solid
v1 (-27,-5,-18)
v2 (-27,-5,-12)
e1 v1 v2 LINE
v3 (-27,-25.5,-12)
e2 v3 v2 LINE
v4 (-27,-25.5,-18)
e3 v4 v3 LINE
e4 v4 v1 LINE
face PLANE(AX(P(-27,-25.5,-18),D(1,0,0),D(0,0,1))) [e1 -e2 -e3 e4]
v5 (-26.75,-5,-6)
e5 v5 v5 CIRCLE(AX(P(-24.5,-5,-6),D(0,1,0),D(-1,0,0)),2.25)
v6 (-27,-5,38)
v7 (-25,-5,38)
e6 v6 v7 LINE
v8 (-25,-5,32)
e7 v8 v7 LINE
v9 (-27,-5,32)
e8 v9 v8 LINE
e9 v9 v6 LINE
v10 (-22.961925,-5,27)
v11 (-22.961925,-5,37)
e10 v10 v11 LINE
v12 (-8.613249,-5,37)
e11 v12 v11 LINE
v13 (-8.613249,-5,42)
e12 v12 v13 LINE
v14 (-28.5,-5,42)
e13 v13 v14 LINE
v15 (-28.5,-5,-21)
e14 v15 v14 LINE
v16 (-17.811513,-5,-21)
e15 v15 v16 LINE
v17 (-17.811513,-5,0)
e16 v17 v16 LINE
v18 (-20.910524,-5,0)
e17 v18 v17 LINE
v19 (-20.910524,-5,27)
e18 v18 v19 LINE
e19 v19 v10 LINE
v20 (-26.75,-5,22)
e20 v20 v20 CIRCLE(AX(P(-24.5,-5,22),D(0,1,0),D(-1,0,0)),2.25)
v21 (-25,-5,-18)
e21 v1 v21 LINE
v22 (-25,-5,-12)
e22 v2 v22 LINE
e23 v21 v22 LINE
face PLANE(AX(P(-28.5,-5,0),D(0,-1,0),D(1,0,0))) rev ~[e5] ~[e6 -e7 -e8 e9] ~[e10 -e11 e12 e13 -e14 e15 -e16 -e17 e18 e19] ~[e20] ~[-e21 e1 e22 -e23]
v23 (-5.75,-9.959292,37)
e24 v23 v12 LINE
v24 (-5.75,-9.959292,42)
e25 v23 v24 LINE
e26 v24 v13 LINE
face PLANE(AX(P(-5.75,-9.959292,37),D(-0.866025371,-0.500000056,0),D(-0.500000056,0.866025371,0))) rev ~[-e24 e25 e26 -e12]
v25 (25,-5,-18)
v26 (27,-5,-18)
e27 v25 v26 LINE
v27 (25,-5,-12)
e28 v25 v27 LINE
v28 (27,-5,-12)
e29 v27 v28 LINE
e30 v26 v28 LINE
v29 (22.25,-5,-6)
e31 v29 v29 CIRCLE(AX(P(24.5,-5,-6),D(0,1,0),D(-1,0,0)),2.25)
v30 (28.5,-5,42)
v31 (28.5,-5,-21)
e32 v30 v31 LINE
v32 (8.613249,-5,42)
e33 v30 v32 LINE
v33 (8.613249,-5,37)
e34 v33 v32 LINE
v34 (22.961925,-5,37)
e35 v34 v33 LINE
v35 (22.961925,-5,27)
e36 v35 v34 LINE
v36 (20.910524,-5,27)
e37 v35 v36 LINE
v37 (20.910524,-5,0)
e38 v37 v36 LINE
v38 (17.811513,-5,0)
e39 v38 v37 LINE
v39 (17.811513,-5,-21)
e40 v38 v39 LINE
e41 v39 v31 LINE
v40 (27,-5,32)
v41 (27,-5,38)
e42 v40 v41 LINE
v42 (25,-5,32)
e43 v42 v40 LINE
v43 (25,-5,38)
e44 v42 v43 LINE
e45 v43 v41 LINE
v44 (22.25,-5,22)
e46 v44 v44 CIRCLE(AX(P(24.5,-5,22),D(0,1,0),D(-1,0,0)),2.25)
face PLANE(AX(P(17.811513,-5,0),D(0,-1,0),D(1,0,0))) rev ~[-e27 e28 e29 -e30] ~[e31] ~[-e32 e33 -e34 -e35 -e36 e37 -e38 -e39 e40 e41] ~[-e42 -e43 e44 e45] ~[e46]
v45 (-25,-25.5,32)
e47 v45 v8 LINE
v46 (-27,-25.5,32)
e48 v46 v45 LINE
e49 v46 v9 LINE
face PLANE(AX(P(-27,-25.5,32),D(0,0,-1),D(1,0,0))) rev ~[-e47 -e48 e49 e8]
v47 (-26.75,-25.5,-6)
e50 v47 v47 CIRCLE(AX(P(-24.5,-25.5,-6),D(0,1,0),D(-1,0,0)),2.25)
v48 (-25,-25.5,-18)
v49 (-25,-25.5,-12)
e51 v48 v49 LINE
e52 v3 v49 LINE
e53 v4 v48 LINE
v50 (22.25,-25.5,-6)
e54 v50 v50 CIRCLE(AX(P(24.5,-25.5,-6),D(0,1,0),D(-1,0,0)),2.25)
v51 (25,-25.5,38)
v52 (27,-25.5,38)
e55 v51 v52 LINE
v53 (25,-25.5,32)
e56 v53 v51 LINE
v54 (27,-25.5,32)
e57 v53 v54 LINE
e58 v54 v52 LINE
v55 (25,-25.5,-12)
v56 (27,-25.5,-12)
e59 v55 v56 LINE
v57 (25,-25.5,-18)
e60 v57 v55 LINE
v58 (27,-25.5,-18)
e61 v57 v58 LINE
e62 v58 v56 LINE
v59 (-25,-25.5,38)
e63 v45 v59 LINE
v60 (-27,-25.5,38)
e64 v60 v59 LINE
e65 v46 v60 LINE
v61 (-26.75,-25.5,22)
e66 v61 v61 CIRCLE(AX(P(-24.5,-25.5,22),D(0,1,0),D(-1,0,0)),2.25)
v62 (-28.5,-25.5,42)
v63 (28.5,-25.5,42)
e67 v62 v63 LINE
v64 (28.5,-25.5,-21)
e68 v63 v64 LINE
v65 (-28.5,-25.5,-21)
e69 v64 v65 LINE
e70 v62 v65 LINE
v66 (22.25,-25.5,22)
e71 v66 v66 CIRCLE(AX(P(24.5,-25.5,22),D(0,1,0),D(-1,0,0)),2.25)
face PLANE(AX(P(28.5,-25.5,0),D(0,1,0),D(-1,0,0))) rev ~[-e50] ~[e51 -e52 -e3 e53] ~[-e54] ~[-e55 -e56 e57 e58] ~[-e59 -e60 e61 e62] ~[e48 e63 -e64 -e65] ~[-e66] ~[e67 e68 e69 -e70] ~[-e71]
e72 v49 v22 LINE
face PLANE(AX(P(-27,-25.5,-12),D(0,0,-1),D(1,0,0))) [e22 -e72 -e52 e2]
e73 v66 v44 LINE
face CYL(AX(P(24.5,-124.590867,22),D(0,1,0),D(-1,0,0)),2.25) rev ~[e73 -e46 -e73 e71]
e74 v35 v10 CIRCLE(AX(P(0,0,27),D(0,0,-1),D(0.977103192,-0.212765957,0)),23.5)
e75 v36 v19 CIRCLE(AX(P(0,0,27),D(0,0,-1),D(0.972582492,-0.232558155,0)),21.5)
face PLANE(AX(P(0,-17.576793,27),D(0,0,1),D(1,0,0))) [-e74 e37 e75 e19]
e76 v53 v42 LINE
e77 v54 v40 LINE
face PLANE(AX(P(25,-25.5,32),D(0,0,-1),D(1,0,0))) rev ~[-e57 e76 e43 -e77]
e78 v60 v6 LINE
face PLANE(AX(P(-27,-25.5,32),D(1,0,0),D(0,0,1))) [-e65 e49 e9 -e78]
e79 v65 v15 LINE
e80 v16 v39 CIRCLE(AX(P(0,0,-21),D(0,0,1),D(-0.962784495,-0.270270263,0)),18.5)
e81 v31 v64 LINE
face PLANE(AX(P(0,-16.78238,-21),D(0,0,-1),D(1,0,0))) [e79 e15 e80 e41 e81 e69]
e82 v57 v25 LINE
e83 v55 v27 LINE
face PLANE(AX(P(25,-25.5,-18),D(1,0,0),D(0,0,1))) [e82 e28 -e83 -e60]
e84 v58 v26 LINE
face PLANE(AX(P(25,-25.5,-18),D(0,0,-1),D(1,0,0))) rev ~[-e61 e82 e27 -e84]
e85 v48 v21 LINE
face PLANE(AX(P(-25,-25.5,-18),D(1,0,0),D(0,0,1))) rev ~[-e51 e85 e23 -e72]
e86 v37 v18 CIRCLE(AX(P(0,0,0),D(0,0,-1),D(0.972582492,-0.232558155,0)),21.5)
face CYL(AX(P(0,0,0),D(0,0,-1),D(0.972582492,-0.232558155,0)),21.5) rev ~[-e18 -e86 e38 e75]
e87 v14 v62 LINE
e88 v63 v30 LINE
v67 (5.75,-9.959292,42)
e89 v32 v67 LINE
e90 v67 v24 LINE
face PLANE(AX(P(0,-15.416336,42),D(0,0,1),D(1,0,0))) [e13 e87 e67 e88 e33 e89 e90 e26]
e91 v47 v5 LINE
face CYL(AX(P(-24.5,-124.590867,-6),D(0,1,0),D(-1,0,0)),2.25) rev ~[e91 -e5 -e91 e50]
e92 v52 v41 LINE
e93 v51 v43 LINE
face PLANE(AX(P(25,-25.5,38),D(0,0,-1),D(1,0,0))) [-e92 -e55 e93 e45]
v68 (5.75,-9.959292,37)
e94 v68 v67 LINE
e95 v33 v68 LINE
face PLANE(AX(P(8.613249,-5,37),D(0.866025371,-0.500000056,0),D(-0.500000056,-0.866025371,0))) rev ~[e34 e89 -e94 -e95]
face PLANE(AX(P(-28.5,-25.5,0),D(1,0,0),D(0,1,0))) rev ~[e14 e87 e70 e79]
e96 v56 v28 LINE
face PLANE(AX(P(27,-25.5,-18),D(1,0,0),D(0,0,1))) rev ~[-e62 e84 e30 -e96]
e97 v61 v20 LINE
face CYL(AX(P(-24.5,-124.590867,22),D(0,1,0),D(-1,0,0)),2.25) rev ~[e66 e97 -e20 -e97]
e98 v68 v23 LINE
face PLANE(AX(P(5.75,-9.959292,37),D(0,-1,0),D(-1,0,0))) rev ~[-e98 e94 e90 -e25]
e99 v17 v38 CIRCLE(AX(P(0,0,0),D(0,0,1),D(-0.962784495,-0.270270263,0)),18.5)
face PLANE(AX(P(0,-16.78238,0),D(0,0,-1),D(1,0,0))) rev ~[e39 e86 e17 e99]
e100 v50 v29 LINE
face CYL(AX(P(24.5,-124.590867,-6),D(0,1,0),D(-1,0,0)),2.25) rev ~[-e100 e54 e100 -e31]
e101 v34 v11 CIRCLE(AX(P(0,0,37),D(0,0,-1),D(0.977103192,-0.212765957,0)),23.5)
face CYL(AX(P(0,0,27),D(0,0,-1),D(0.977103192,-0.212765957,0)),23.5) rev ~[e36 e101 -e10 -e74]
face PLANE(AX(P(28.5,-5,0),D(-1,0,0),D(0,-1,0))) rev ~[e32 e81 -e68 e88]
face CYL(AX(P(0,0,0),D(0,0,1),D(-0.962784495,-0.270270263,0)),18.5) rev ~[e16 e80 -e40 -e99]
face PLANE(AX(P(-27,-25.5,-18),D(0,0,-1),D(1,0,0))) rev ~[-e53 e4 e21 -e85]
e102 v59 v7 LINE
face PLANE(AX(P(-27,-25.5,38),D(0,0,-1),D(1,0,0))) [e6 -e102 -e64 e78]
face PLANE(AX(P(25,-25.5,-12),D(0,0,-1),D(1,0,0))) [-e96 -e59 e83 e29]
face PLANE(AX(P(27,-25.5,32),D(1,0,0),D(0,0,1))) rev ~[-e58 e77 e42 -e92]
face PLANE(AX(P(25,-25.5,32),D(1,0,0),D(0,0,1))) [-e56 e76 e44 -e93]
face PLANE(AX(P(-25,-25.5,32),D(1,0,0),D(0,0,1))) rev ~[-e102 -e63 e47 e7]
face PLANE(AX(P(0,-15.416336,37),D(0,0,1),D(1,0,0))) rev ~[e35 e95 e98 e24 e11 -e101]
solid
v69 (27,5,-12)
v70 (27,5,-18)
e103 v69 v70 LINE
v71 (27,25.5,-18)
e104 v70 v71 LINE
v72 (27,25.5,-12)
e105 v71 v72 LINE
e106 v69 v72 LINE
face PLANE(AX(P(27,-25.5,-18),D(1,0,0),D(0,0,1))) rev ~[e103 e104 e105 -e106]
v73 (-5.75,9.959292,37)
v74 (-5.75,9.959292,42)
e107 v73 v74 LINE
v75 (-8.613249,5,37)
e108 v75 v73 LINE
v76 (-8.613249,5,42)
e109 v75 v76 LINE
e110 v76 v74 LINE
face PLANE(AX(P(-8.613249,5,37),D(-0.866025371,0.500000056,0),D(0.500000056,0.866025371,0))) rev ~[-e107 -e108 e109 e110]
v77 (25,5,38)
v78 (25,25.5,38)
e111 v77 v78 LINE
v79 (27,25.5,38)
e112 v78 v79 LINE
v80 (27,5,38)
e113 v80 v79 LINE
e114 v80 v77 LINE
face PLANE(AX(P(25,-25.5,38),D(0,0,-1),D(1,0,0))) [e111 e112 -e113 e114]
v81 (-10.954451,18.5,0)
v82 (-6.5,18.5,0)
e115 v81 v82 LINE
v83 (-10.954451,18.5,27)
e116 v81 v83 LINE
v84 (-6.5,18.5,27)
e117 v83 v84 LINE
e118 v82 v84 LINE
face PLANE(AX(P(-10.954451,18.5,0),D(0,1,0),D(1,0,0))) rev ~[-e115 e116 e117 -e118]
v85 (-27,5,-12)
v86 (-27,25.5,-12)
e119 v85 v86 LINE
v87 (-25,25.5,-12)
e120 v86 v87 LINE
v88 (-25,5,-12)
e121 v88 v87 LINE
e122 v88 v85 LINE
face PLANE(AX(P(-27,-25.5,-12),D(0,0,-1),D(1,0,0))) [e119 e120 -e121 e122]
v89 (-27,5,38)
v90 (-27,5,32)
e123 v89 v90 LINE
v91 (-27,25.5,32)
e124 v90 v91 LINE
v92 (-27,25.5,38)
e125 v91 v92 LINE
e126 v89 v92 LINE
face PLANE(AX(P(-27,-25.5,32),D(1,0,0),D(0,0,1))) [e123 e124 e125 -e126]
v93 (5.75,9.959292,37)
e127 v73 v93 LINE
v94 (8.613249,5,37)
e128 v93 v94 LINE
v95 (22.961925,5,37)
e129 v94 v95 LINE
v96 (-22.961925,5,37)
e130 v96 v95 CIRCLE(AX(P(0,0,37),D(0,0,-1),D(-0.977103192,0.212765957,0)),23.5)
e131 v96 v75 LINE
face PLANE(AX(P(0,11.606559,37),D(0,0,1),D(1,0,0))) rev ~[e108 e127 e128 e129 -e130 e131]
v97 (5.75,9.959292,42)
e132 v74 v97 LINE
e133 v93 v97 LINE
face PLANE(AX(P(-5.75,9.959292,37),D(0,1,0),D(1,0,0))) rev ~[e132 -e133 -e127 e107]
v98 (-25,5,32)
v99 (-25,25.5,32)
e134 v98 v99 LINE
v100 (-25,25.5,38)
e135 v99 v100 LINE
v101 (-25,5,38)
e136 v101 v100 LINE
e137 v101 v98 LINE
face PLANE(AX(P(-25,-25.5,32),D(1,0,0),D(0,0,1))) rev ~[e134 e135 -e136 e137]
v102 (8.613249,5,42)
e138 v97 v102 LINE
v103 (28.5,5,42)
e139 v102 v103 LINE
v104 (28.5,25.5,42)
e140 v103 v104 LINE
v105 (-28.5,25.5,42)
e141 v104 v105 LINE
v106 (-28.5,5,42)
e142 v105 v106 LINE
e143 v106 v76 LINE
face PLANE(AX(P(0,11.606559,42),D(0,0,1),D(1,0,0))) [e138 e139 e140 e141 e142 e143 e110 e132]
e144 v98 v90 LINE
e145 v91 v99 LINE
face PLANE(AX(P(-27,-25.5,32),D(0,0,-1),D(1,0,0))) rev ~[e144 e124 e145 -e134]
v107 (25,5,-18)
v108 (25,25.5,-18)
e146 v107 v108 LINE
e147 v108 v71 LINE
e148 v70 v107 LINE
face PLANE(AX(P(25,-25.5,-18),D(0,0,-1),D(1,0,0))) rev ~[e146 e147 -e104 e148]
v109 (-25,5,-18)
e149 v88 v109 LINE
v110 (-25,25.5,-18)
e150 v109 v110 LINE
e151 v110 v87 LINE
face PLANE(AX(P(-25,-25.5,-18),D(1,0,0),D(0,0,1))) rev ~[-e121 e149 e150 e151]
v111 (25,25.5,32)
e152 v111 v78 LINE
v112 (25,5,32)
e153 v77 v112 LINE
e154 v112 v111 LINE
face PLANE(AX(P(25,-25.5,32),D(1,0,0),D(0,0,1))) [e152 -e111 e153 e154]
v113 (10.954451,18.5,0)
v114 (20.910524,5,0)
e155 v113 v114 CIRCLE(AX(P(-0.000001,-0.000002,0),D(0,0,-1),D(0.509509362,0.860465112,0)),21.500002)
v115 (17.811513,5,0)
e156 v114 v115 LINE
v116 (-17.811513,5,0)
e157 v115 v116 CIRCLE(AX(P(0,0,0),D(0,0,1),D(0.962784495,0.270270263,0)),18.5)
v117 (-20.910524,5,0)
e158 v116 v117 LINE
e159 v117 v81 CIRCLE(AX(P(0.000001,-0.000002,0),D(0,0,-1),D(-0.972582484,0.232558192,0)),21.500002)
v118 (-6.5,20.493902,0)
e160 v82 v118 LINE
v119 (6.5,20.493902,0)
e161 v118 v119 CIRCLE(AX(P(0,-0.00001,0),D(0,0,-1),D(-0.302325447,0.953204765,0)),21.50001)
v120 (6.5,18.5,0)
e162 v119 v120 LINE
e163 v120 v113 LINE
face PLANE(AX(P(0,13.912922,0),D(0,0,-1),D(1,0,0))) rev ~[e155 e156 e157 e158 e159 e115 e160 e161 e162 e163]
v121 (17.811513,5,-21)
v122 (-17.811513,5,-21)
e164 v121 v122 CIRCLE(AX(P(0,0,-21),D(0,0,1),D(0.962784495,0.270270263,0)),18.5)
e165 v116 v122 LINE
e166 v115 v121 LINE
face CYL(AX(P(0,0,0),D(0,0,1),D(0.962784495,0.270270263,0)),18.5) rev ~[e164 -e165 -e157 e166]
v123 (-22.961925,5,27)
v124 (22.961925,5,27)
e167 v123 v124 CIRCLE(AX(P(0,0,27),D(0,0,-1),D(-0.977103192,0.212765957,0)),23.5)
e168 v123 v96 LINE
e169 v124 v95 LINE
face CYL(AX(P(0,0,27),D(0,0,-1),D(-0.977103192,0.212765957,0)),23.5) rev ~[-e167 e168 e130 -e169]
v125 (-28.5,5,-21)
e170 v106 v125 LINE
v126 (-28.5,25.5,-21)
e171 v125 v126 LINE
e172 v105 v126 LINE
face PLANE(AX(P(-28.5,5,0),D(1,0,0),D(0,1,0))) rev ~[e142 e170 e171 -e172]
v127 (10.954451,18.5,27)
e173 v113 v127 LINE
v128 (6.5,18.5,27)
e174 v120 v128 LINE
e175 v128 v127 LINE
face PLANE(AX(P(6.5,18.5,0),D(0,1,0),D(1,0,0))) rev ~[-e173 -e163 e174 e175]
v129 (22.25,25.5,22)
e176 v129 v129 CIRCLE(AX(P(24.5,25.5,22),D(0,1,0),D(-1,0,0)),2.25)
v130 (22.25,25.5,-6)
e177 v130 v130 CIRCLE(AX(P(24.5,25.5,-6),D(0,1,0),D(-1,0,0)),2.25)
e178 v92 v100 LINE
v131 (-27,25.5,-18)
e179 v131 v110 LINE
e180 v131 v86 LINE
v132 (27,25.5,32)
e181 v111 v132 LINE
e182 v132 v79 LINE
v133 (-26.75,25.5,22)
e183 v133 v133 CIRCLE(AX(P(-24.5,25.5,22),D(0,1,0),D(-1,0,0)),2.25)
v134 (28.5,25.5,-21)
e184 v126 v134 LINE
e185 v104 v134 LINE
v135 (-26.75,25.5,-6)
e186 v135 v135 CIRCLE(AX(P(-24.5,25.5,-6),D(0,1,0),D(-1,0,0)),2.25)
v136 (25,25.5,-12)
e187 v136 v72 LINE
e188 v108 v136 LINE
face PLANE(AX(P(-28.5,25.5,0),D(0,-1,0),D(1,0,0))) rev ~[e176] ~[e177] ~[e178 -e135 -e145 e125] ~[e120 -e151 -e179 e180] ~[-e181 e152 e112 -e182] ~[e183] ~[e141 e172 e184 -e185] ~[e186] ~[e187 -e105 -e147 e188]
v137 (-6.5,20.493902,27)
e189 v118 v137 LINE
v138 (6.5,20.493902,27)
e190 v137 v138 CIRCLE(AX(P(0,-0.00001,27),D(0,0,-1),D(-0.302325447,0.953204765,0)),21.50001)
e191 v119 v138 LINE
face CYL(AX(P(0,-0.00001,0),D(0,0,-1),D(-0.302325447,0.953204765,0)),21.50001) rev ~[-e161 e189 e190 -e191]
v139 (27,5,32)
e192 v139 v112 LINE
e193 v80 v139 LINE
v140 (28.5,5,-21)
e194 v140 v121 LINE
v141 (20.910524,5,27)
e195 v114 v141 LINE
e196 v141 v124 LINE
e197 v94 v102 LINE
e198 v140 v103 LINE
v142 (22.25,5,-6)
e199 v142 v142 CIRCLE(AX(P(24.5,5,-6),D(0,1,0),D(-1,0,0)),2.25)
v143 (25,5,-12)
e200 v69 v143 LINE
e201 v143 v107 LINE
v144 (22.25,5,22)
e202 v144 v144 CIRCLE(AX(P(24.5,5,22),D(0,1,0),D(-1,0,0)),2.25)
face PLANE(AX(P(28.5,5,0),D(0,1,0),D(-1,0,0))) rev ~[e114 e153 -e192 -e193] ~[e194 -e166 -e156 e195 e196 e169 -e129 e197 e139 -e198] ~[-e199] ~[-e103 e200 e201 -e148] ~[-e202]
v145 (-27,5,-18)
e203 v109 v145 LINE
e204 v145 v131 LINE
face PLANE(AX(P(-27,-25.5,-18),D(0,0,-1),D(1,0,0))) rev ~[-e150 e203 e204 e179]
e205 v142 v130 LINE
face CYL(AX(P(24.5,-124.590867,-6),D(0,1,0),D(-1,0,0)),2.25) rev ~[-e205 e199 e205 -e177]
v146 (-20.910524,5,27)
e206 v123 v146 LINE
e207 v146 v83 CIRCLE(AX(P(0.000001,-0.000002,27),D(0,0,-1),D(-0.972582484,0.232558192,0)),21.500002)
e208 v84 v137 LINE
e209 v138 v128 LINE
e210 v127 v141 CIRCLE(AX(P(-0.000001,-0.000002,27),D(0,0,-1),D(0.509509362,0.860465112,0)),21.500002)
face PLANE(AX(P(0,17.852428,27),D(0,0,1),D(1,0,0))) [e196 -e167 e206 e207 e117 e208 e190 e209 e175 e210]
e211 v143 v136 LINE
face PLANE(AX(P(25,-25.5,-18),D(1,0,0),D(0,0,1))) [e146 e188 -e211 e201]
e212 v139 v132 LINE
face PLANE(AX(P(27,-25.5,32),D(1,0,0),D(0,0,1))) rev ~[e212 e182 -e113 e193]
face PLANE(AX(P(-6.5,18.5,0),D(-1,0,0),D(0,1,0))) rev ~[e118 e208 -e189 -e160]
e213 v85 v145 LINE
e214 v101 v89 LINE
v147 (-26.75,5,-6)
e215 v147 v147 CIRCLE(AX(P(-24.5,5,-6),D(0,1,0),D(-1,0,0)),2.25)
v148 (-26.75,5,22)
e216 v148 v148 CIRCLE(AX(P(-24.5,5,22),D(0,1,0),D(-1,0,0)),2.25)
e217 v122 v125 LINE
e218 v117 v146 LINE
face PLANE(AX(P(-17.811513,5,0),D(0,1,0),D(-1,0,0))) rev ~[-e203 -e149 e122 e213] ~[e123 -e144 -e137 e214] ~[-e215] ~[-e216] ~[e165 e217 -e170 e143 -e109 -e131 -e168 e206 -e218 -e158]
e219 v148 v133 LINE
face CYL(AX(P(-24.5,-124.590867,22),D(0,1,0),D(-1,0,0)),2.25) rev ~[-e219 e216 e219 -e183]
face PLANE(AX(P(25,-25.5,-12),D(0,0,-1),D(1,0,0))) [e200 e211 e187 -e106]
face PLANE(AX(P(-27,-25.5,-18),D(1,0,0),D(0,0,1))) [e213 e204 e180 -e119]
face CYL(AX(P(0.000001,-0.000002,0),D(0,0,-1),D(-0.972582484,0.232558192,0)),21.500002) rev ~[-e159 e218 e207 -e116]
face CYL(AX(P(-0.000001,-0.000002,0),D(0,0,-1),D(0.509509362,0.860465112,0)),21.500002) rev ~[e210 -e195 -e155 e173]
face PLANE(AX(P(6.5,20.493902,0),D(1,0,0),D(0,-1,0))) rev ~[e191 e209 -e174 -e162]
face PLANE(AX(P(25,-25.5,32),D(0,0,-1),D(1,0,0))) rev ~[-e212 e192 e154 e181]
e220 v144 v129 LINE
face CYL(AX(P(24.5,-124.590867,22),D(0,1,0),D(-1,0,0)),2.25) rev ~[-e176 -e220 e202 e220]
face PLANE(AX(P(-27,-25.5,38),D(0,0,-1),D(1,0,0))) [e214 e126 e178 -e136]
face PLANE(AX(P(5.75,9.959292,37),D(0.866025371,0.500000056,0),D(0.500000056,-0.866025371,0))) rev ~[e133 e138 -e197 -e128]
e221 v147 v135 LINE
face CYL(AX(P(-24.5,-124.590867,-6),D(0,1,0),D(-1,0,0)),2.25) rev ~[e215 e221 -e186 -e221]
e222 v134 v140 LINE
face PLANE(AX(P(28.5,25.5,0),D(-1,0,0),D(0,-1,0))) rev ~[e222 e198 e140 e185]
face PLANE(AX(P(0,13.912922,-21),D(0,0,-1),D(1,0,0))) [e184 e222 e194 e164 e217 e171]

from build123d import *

# Parameters (mm, degrees)
F1_DEPTH  = 27
F3_DEPTH  = 10
F4_DEPTH  = 10
F6_DEPTH  = 5
F7_DEPTH  = 5
F9_DEPTH  = 21
F10_DEPTH = 21
F12_D     = 4.5
F11_W     = 2
F11_H     = 6
F13_DEPTH = 51.001


with BuildPart() as f1:
    # F0 (on Top) → F1 (new body)
    with BuildSketch(Plane.XY):
        with BuildLine():
            Line((6.5, 20.493902), (6.5, 18.5))
            Line((6.5, 18.5), (10.954451, 18.5))
            ThreePointArc((10.954451, 18.5), (17.303371, 12.761009), (20.910524, 5))
            Line((20.910524, 5), (28.5, 5))
            Line((28.5, 5), (28.5, 25.5))
            Line((28.5, 25.5), (-28.5, 25.5))
            Line((-28.5, 25.5), (-28.5, 5))
            Line((-28.5, 5), (-20.910524, 5))
            ThreePointArc((-20.910524, 5), (-17.303371, 12.761009), (-10.954451, 18.5))
            Line((-10.954451, 18.5), (-6.5, 18.5))
            Line((-6.5, 18.5), (-6.5, 20.493902))
            ThreePointArc((-6.5, 20.493902), (0, 21.5), (6.5, 20.493902))
        make_face()
        with BuildLine():
            Line((-28.5, -5), (-28.5, -25.5))
            Line((-28.5, -25.5), (28.5, -25.5))
            Line((28.5, -25.5), (28.5, -5))
            Line((28.5, -5), (20.910524, -5))
            ThreePointArc((20.910524, -5), (0, -21.5), (-20.910524, -5))
            Line((-20.910524, -5), (-28.5, -5))
        make_face()
    extrude(amount=F1_DEPTH)

    # F2 (on face) → F3 (join)
    with BuildSketch(Plane.XY.offset(27)):
        with BuildLine():
            Line((28.5, 5), (28.5, 25.5))
            Line((28.5, 25.5), (-28.5, 25.5))
            Line((-28.5, 25.5), (-28.5, 5))
            Line((-28.5, 5), (-22.961925, 5))
            ThreePointArc((-22.961925, 5), (0, 23.5), (22.961925, 5))
            Line((22.961925, 5), (28.5, 5))
        make_face()
    extrude(amount=F3_DEPTH)

    # F2 (on face) → F4 (join)
    with BuildSketch(Plane.XY.offset(27)):
        with BuildLine():
            Line((-22.961925, -5), (-28.5, -5))
            Line((-28.5, -5), (-28.5, -25.5))
            Line((-28.5, -25.5), (28.5, -25.5))
            Line((28.5, -25.5), (28.5, -5))
            Line((28.5, -5), (22.961925, -5))
            ThreePointArc((22.961925, -5), (0, -23.5), (-22.961925, -5))
        make_face()
    extrude(amount=F4_DEPTH)

    # F5 (on face) → F6 (join)
    with BuildSketch(Plane.XY.offset(37)):
        with BuildLine():
            ThreePointArc((22.961925, 5), (0, 23.5), (-22.961925, 5))
            Line((-22.961925, 5), (-8.613249, 5))
            Line((-8.613249, 5), (-5.75, 9.959292))
            Line((-5.75, 9.959292), (5.75, 9.959292))
            Line((5.75, 9.959292), (8.613249, 5))
            Line((8.613249, 5), (22.961925, 5))
        make_face()
        with BuildLine():
            Line((-28.5, 25.5), (-28.5, 5))
            Line((-28.5, 5), (-22.961925, 5))
            ThreePointArc((-22.961925, 5), (0, 23.5), (22.961925, 5))
            Line((22.961925, 5), (28.5, 5))
            Line((28.5, 5), (28.5, 25.5))
            Line((28.5, 25.5), (-28.5, 25.5))
        make_face()
    extrude(amount=F6_DEPTH)

    # F5 (on face) → F7 (join)
    with BuildSketch(Plane.XY.offset(37)):
        Polygon((-8.613249, -5), (-22.961925, -5), (-28.5, -5), (-28.5, -25.5), (28.5, -25.5), (28.5, -5), (22.961925, -5), (8.613249, -5), (5.75, -9.959292), (-5.75, -9.959292), align=None)
    extrude(amount=F7_DEPTH)

    # F8 (on face) → F9 (join)
    with BuildSketch(Plane(origin=(0, 0, 0), x_dir=(1, 0, 0), z_dir=(0, 0, -1))):
        with BuildLine():
            Line((17.811513, 5), (20.910524, 5))
            Line((20.910524, 5), (28.5, 5))
            Line((28.5, 5), (28.5, 25.5))
            Line((28.5, 25.5), (-28.5, 25.5))
            Line((-28.5, 25.5), (-28.5, 5))
            Line((-28.5, 5), (-20.910524, 5))
            Line((-20.910524, 5), (-17.811513, 5))
            ThreePointArc((-17.811513, 5), (0, 18.5), (17.811513, 5))
        make_face()
    extrude(amount=F9_DEPTH)

    # F8 (on face) → F10 (join)
    with BuildSketch(Plane(origin=(0, 0, 0), x_dir=(1, 0, 0), z_dir=(0, 0, -1))):
        with BuildLine():
            Line((-17.811513, -5), (-20.910524, -5))
            ThreePointArc((-20.910524, -5), (-17.303371, -12.761009), (-10.954451, -18.5))
            Line((-10.954451, -18.5), (-6.5, -18.5))
            Line((-6.5, -18.5), (-6.5, -20.493902))
            ThreePointArc((-6.5, -20.493902), (0, -21.5), (6.5, -20.493902))
            Line((6.5, -20.493902), (6.5, -18.5))
            Line((6.5, -18.5), (10.954451, -18.5))
            ThreePointArc((10.954451, -18.5), (17.303371, -12.761009), (20.910524, -5))
            Line((20.910524, -5), (17.811513, -5))
            ThreePointArc((17.811513, -5), (0, -18.5), (-17.811513, -5))
        make_face()
        with BuildLine():
            Line((-28.5, -5), (-28.5, -25.5))
            Line((-28.5, -25.5), (28.5, -25.5))
            Line((28.5, -25.5), (28.5, -5))
            Line((28.5, -5), (20.910524, -5))
            ThreePointArc((20.910524, -5), (17.303371, -12.761009), (10.954451, -18.5))
            Line((10.954451, -18.5), (6.5, -18.5))
            Line((6.5, -18.5), (6.5, -20.493902))
            ThreePointArc((6.5, -20.493902), (0, -21.5), (-6.5, -20.493902))
            Line((-6.5, -20.493902), (-6.5, -18.5))
            Line((-6.5, -18.5), (-10.954451, -18.5))
            ThreePointArc((-10.954451, -18.5), (-17.303371, -12.761009), (-20.910524, -5))
            Line((-20.910524, -5), (-28.5, -5))
        make_face()
    extrude(amount=F10_DEPTH)

    # F12 (through all)
    with Locations(Plane.XZ.offset(25.5)):
        with Locations((24.5, 22), (24.5, -6), (-24.5, 22), (-24.5, -6)):
            Hole(F12_D / 2)

    # F11 (on face) → F13 (cut, through all)
    with BuildSketch(Plane.XZ.offset(25.5)):
        with Locations((-26, 35)):
            Rectangle(F11_W, F11_H)
        with Locations((26, 35)):
            Rectangle(F11_W, F11_H)
        with Locations((-26, -15)):
            Rectangle(F11_W, F11_H)
        with Locations((26, -15)):
            Rectangle(F11_W, F11_H)
    extrude(amount=-F13_DEPTH, mode=Mode.SUBTRACT)


solid = f1.part
